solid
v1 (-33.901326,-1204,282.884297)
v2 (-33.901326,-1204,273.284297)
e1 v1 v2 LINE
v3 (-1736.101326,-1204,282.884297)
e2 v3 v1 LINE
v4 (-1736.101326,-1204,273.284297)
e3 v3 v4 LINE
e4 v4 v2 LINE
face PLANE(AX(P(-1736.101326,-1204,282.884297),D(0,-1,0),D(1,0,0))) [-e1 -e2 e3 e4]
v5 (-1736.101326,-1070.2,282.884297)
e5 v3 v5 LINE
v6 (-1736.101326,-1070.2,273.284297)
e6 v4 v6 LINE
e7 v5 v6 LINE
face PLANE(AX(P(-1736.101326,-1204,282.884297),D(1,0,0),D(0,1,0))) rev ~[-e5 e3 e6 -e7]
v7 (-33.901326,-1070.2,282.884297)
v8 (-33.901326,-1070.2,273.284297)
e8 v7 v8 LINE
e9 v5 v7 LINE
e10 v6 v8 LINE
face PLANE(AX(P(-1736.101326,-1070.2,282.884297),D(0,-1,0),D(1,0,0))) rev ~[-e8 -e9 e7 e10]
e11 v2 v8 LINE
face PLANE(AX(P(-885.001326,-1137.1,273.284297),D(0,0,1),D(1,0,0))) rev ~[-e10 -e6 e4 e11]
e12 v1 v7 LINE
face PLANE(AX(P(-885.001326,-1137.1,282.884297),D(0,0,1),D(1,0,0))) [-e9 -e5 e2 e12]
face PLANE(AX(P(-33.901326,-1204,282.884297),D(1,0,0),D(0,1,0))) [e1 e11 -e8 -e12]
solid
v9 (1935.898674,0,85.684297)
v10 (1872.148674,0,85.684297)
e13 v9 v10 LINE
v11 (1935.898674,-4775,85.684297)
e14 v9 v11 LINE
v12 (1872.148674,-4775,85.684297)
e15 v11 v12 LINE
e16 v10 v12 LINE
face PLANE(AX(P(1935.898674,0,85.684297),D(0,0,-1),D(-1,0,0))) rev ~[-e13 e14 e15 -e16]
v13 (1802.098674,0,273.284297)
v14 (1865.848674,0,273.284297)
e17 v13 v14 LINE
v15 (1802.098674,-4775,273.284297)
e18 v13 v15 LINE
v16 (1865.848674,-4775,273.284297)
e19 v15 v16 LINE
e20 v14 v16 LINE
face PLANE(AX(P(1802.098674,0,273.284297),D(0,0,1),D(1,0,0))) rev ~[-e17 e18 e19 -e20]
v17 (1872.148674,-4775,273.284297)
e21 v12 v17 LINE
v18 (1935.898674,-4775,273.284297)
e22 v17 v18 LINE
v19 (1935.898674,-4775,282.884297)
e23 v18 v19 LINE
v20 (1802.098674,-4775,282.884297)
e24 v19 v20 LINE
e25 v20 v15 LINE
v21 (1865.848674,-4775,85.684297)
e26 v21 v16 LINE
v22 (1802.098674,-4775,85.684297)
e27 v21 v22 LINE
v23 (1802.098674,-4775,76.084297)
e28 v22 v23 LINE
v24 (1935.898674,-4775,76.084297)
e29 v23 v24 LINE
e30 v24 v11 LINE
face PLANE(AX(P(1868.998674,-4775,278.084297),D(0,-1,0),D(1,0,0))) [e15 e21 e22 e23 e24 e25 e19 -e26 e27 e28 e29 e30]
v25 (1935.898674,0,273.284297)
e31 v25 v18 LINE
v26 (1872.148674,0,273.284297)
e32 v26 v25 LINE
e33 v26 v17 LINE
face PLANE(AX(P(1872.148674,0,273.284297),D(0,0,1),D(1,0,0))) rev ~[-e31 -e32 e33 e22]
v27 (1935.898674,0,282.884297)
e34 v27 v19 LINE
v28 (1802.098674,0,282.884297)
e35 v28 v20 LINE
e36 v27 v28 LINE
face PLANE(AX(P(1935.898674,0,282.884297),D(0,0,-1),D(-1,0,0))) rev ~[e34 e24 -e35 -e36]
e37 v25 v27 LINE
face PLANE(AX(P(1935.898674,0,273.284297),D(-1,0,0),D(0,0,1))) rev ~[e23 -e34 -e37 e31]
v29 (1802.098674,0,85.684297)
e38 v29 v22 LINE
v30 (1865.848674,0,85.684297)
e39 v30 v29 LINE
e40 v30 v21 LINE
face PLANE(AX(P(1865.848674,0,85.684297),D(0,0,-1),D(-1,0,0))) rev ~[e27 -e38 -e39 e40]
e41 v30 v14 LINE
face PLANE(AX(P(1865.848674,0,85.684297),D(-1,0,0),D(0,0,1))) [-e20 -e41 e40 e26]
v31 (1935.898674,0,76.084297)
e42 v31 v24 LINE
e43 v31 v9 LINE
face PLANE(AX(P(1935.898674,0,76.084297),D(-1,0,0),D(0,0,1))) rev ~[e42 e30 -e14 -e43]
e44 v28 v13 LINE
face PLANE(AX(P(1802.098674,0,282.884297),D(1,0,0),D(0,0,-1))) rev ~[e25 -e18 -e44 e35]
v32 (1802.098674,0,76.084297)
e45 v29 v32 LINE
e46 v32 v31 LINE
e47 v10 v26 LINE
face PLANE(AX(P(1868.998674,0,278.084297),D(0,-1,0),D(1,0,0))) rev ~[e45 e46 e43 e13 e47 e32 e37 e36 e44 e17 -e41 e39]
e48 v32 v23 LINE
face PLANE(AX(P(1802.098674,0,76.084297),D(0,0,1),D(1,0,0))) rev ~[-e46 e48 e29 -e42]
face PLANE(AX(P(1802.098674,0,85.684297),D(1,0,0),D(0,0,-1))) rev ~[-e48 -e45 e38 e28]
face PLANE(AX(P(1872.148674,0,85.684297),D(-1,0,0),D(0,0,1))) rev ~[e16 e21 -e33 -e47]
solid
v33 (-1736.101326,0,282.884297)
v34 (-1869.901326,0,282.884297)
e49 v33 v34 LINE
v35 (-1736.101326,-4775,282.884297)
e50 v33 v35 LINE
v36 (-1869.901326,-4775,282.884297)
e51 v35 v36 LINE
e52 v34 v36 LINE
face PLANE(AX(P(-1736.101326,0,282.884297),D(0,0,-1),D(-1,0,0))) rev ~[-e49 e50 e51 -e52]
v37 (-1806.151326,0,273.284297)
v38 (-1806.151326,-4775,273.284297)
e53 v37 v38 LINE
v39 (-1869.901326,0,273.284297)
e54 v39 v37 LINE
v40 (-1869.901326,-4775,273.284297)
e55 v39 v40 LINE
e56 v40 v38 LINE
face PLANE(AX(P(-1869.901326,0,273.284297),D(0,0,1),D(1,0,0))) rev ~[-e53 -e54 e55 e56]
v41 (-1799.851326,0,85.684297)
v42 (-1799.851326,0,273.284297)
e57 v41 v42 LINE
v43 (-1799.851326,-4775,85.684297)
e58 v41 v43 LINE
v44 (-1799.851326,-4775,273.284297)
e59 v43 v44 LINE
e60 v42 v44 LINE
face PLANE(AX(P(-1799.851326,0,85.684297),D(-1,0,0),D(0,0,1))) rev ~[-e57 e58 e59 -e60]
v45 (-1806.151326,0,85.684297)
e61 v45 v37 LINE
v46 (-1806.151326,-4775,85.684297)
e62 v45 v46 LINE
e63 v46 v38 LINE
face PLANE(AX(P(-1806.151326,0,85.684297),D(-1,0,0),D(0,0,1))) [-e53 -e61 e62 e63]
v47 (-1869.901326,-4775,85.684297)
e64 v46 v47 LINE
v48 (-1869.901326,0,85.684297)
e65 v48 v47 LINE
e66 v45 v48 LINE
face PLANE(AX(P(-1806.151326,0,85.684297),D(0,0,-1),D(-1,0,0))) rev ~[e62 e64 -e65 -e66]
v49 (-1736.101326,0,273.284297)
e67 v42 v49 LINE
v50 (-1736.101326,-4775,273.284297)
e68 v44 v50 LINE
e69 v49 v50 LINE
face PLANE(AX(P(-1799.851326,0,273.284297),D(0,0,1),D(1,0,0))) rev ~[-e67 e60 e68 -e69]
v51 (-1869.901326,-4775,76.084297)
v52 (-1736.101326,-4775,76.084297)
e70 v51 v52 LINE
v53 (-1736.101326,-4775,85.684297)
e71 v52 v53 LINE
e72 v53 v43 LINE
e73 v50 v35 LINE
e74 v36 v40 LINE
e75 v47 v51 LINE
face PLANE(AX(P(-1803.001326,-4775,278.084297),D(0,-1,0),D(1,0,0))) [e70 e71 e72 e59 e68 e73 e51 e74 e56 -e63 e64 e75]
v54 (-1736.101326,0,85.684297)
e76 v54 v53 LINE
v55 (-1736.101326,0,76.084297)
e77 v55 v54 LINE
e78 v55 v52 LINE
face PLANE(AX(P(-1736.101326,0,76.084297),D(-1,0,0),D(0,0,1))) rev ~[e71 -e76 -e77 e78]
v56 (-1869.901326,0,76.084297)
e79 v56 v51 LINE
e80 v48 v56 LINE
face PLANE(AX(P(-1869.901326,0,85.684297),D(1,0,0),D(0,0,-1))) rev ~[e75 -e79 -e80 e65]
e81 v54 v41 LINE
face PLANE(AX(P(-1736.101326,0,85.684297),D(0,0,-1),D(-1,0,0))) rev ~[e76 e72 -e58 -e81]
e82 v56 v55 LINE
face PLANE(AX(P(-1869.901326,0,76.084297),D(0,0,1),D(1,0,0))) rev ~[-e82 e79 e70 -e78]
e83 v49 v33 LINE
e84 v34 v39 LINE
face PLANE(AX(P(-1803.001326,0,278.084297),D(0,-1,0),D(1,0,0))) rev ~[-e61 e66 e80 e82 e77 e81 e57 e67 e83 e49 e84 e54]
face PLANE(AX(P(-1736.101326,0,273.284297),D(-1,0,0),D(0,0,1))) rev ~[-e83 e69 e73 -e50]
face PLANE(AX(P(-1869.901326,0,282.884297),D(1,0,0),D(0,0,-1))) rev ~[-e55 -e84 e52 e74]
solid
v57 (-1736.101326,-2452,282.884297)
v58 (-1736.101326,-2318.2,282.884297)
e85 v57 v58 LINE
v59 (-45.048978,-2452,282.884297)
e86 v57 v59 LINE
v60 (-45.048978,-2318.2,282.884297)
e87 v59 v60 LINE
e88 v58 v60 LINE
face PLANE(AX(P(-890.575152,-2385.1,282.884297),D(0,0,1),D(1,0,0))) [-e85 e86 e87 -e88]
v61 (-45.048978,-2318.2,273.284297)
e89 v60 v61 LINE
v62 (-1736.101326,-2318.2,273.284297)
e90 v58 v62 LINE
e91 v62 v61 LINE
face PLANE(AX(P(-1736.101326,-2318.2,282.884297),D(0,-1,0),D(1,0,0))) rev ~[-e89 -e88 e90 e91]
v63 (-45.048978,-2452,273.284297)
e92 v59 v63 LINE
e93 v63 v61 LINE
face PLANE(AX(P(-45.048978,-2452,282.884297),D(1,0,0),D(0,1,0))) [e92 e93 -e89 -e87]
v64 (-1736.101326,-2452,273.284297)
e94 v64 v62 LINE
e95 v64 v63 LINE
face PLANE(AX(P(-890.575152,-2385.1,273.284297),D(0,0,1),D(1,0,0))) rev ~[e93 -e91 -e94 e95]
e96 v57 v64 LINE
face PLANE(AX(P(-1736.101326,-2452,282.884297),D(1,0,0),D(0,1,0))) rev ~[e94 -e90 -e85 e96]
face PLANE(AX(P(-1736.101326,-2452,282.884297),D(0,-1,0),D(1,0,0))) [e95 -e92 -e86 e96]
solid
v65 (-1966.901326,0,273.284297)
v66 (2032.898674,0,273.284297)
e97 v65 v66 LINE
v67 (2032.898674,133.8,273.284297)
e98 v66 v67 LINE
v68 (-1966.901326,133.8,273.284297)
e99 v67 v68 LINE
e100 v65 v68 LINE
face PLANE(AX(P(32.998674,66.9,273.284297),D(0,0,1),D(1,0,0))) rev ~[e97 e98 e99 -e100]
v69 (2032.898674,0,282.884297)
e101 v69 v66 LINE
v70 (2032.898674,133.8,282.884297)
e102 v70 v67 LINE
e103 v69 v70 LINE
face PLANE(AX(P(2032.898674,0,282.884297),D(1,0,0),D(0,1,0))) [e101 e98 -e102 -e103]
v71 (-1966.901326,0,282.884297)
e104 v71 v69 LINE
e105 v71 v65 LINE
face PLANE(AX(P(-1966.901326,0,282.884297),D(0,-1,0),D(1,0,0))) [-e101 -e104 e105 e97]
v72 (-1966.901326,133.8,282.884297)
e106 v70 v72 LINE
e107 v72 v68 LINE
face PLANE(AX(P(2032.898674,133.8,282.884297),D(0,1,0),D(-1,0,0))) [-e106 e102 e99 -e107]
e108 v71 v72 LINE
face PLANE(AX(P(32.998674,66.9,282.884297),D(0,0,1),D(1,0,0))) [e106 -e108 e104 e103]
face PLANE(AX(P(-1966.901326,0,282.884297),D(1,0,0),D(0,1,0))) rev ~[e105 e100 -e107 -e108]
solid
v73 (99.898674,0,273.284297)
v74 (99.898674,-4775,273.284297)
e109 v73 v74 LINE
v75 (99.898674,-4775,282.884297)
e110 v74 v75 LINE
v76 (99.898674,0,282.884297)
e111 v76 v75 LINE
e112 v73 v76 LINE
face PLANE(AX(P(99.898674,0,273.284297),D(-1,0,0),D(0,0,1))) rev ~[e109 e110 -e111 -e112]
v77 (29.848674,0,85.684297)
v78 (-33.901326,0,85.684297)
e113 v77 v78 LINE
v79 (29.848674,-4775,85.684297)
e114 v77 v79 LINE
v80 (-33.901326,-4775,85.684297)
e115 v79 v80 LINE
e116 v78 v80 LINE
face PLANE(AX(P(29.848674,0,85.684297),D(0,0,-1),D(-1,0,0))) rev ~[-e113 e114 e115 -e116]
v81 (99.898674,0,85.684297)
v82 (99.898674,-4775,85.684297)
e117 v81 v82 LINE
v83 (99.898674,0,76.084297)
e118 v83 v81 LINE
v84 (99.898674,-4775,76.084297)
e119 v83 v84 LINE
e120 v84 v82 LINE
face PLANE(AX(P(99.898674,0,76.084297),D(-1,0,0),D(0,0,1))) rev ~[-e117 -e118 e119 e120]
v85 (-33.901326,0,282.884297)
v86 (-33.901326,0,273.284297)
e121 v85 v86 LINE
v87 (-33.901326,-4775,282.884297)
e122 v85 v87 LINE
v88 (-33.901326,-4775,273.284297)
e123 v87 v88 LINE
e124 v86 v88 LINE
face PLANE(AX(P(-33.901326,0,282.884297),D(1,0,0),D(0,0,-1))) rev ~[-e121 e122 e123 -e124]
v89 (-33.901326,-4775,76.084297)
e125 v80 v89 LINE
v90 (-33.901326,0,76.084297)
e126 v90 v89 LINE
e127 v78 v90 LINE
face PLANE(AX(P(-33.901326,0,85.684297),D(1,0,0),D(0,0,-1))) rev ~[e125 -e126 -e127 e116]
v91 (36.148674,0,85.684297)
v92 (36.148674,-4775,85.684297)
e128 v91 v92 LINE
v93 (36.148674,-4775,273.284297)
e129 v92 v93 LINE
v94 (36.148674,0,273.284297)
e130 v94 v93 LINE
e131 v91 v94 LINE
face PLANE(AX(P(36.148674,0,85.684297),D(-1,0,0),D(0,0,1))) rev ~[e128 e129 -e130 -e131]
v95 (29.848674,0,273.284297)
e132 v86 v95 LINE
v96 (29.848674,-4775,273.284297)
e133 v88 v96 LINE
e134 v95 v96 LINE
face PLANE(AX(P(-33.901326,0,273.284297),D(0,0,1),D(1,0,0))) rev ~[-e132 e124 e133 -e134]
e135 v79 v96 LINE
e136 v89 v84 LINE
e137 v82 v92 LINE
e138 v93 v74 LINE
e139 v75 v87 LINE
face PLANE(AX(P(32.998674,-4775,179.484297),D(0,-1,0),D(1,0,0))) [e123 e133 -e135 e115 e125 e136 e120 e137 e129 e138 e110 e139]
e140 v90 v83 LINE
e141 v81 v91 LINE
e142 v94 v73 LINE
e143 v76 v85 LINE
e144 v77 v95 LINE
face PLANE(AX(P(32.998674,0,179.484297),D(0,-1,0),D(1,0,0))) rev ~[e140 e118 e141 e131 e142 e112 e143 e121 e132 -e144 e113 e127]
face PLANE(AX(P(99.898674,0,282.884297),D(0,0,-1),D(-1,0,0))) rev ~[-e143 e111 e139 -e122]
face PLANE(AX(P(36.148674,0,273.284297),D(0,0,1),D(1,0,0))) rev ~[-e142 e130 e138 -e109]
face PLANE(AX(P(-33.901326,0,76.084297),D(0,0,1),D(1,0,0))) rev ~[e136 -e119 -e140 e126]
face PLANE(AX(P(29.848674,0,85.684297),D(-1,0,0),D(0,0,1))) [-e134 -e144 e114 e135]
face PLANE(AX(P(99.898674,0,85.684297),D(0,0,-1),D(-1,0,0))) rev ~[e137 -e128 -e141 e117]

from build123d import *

# Parameters (mm, degrees)
F0_W     = 6.3
F0_H     = 187.6
F1_DEPTH = 4775
F2_W     = 97
F2_H     = 133.8
F2_W_2   = 1702.2
F2_W_3   = 1691.052348
F3_DEPTH = 9.6


with BuildPart() as f1:
    # F0 (on Front) → F1 (new body)
    with BuildSketch(Plane.XZ):
        Polygon((-1736.101326, 282.884297), (-1869.901326, 282.884297), (-1869.901326, 273.284297), (-1806.151326, 273.284297), (-1799.851326, 273.284297), (-1736.101326, 273.284297), align=None)
        with Locations((-1803.001326, 179.484297)):
            Rectangle(F0_W, F0_H)
        Polygon((-1799.851326, 85.684297), (-1806.151326, 85.684297), (-1869.901326, 85.684297), (-1869.901326, 76.084297), (-1736.101326, 76.084297), (-1736.101326, 85.684297), align=None)
        with Locations((32.998674, 179.484297)):
            Rectangle(F0_W, F0_H)
        Polygon((-33.901326, 76.084297), (99.898674, 76.084297), (99.898674, 85.684297), (36.148674, 85.684297), (29.848674, 85.684297), (-33.901326, 85.684297), align=None)
        Polygon((29.848674, 273.284297), (36.148674, 273.284297), (99.898674, 273.284297), (99.898674, 282.884297), (-33.901326, 282.884297), (-33.901326, 273.284297), align=None)
        Polygon((1935.898674, 282.884297), (1802.098674, 282.884297), (1802.098674, 273.284297), (1865.848674, 273.284297), (1872.148674, 273.284297), (1935.898674, 273.284297), align=None)
        with Locations((1868.998674, 179.484297)):
            Rectangle(F0_W, F0_H)
        Polygon((1872.148674, 85.684297), (1865.848674, 85.684297), (1802.098674, 85.684297), (1802.098674, 76.084297), (1935.898674, 76.084297), (1935.898674, 85.684297), align=None)
    extrude(amount=F1_DEPTH)


with BuildPart() as f3:
    # F2 (on face) → F3 (new body)
    with BuildSketch(Plane.XY.offset(282.884297)):
        Polygon((-1869.901326, 133.8), (-1869.901326, 0), (-1736.101326, 0), (1935.898674, 0), (1935.898674, 133.8), align=None)
        with Locations((-1918.401326, 66.9)):
            Rectangle(F2_W, F2_H)
        with Locations((1984.398674, 66.9)):
            Rectangle(F2_W, F2_H)
        with Locations((-885.001326, -1137.1)):
            Rectangle(F2_W_2, F2_H)
        with Locations((-890.575152, -2385.1)):
            Rectangle(F2_W_3, F2_H)
    extrude(amount=-F3_DEPTH)


solid = Compound([f1.part, f3.part])
